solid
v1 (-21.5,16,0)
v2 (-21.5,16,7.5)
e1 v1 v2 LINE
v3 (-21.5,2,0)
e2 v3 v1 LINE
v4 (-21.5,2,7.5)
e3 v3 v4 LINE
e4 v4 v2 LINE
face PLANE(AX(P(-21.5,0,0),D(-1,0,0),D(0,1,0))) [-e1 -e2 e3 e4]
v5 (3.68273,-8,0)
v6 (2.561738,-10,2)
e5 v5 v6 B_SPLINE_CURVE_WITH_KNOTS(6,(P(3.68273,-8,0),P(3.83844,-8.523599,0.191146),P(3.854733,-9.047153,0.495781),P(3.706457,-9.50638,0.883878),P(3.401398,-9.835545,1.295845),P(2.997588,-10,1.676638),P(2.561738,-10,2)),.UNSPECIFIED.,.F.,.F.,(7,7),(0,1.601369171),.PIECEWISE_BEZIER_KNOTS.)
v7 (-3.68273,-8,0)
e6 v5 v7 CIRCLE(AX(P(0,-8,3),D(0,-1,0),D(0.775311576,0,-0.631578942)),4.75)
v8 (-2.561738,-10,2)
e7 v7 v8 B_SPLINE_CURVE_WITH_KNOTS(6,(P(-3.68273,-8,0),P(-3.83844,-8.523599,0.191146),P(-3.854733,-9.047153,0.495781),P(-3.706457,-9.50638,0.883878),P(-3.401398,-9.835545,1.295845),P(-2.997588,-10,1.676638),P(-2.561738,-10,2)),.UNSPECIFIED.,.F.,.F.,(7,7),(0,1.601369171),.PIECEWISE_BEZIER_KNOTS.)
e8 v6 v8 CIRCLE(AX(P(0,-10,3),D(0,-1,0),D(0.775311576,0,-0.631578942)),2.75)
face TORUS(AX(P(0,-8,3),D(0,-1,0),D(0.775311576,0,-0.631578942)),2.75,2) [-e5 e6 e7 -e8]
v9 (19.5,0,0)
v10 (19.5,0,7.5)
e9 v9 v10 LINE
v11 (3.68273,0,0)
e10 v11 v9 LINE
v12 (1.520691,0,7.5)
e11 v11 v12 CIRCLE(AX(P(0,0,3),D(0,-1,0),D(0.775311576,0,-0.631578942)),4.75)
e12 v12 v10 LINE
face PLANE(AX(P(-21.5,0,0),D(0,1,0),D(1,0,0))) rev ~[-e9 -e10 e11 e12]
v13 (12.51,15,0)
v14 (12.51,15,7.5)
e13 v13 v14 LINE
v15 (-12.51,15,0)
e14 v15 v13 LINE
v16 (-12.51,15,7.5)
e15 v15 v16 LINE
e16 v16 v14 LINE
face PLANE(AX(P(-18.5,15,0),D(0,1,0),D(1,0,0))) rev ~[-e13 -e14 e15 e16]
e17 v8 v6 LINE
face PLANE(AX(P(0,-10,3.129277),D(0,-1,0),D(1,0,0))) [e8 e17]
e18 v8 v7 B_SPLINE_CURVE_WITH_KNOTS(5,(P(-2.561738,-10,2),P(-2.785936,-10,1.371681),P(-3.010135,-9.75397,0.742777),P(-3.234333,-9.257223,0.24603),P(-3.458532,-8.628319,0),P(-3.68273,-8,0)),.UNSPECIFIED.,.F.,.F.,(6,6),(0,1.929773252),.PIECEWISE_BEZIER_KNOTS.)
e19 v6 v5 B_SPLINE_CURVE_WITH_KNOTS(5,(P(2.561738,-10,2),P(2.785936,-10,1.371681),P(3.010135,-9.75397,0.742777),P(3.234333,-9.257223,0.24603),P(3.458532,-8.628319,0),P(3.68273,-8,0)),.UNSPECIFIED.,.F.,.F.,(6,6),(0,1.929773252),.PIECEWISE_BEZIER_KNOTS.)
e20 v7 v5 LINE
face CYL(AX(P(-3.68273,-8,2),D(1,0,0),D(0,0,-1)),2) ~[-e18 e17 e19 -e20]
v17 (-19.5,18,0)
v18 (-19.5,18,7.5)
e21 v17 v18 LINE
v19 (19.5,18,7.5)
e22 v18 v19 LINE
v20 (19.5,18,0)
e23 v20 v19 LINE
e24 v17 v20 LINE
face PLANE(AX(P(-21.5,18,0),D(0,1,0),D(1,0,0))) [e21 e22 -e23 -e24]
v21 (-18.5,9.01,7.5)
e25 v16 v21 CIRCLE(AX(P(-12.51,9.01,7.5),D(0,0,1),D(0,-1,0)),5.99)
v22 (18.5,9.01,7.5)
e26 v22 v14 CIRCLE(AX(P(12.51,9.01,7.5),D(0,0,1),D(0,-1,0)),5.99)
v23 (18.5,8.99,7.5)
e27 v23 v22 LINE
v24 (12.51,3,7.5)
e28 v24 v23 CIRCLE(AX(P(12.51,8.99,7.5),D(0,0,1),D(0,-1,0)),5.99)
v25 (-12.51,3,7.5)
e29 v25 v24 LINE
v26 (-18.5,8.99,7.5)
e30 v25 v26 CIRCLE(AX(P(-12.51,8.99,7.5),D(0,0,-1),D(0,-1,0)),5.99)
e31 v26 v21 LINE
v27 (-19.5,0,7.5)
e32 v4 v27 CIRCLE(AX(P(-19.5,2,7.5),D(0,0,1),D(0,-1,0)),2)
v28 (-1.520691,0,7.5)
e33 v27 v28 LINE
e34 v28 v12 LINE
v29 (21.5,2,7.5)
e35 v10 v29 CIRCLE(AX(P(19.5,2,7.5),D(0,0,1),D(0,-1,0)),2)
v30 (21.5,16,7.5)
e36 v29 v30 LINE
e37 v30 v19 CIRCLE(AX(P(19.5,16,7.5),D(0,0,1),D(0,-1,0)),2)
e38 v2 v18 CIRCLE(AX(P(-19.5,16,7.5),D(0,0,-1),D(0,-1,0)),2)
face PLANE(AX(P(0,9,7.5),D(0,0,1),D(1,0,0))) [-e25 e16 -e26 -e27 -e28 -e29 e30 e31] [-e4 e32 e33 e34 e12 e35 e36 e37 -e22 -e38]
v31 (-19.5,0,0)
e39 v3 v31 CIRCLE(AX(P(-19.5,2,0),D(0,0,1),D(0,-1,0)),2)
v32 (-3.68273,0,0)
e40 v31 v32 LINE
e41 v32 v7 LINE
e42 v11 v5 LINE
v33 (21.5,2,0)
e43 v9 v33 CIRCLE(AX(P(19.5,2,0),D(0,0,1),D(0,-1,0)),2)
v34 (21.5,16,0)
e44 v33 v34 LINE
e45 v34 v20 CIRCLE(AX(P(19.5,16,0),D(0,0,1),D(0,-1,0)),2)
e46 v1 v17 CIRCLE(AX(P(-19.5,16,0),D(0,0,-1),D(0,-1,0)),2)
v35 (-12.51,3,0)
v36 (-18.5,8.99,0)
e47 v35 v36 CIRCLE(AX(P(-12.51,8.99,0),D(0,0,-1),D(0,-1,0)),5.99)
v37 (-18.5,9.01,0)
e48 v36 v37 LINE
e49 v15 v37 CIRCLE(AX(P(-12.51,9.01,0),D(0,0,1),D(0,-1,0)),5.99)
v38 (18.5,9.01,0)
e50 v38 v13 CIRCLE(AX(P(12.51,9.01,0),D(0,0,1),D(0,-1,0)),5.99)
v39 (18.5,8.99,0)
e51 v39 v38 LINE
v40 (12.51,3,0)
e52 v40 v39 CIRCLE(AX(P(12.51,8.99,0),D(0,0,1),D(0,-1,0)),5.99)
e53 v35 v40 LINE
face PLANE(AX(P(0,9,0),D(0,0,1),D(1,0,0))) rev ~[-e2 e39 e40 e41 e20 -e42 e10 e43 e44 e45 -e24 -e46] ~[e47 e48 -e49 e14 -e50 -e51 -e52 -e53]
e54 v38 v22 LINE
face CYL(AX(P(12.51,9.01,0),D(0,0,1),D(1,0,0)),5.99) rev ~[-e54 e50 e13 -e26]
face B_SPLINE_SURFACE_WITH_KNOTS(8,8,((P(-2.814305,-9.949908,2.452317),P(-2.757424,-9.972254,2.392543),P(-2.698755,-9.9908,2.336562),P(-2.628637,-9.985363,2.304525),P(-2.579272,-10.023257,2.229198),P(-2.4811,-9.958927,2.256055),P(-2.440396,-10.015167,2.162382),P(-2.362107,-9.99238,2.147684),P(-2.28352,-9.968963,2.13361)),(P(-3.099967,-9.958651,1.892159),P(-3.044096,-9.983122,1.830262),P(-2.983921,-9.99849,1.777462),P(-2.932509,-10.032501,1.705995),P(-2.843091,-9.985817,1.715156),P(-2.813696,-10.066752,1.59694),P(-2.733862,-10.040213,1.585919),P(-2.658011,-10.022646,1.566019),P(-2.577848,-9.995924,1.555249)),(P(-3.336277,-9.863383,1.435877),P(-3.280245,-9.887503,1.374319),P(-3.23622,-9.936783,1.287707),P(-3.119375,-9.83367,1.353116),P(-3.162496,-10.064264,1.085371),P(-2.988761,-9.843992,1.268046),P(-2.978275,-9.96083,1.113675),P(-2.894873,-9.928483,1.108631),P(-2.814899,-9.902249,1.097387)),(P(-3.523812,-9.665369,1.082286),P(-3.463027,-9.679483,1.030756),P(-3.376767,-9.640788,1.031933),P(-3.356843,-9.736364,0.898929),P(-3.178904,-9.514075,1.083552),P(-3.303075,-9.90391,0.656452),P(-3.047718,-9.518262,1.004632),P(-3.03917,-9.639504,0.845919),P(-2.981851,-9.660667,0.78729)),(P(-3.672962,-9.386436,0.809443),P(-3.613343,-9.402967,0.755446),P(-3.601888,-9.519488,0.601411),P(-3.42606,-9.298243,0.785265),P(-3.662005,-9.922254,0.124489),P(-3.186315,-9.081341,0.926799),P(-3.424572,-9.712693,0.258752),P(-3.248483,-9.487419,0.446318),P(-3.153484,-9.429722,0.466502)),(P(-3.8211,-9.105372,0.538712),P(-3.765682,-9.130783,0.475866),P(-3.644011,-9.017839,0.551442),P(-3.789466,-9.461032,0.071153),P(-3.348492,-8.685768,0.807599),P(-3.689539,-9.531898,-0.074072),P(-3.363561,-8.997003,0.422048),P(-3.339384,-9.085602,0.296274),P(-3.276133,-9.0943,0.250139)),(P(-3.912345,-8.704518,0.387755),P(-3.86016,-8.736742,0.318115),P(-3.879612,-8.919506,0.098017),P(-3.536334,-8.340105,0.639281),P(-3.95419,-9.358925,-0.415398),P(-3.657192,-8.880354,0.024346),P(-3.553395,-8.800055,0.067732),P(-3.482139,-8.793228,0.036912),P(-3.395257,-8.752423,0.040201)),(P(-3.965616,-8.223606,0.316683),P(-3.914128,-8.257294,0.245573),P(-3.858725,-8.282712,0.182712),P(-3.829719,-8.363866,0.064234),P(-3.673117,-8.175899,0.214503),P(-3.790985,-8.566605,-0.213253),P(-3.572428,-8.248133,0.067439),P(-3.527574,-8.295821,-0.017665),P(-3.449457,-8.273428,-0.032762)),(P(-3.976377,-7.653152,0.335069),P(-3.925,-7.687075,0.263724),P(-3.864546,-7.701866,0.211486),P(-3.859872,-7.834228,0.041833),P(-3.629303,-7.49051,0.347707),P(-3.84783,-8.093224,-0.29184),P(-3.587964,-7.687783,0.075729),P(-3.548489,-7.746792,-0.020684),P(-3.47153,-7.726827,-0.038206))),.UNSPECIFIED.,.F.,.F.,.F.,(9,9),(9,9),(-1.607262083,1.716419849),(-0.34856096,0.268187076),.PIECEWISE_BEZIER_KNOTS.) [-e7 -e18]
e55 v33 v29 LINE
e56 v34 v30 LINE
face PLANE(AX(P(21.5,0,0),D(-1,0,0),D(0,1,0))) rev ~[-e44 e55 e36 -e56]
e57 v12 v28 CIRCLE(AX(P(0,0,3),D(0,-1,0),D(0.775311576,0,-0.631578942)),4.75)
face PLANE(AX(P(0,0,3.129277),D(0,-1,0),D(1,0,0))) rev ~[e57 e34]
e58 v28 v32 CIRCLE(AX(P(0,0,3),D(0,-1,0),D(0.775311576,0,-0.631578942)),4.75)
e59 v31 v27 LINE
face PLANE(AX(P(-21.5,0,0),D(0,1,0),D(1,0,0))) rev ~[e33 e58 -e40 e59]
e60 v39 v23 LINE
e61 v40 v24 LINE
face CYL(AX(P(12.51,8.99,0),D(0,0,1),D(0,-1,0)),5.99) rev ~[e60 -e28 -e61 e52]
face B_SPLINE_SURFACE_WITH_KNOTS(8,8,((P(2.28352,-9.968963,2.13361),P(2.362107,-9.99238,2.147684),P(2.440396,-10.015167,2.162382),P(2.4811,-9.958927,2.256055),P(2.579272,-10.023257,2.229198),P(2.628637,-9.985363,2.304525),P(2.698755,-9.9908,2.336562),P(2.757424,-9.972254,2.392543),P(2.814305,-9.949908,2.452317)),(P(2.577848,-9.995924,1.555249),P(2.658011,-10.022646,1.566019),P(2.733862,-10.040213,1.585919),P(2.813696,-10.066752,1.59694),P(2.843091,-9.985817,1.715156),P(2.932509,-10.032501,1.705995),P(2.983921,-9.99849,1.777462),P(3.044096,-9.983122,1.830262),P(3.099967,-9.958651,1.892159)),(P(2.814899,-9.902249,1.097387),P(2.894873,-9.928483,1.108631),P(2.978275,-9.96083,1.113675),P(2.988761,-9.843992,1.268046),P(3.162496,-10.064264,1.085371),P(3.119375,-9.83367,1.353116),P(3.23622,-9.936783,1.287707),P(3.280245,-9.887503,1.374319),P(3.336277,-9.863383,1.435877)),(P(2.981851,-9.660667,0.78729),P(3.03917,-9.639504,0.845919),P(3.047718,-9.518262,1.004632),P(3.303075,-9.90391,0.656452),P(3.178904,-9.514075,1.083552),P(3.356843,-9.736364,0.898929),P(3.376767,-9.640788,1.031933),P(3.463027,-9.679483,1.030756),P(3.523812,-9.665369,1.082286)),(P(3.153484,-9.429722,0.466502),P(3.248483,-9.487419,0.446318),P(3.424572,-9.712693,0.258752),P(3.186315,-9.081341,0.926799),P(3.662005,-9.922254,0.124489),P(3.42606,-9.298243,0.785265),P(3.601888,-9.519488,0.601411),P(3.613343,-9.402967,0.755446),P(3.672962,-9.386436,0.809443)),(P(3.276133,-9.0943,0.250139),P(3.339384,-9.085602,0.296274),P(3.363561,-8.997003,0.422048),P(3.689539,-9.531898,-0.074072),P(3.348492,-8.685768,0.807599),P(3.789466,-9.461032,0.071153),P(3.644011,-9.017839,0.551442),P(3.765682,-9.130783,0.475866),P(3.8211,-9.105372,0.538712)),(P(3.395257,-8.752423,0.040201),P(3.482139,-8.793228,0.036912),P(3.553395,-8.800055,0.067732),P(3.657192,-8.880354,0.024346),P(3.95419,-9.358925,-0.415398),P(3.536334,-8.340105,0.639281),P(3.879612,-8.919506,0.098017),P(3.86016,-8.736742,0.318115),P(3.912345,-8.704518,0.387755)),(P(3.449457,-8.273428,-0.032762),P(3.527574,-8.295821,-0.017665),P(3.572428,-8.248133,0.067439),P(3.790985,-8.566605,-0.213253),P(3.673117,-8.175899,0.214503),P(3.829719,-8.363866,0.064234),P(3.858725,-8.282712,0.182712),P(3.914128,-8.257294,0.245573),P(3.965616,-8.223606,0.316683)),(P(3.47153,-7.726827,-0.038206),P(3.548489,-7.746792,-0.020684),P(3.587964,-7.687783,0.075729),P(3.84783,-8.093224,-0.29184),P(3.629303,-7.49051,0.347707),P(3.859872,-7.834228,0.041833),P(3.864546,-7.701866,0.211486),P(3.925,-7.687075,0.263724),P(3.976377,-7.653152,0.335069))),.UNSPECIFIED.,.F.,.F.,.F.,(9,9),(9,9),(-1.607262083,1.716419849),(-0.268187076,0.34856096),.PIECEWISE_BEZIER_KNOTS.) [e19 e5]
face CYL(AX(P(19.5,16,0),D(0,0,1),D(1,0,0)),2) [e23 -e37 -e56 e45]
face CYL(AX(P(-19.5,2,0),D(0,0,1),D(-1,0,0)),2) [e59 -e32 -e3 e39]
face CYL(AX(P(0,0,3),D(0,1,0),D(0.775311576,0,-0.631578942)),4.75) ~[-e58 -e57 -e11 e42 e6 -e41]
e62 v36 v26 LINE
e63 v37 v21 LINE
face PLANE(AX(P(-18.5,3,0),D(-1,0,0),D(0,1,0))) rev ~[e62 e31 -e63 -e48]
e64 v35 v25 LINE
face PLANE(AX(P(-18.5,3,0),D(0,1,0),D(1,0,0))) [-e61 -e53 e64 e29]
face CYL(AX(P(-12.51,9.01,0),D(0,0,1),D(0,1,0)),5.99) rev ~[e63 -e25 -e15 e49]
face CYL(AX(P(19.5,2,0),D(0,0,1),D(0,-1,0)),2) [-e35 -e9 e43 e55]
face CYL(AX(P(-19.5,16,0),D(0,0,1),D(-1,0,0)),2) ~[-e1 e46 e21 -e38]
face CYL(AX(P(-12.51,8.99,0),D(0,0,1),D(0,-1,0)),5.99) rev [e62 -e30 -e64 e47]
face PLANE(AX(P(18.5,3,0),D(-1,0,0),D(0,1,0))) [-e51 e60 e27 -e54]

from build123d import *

# Parameters (mm, degrees)
PAD_DEPTH     = 10
SKETCH001_W   = 43
SKETCH001_H   = 18
SKETCH001_W_2 = 37
SKETCH001_H_2 = 12
PAD001_DEPTH  = 7.5
FILLET_R      = 5.99
FILLET001_R   = 2
FILLET002_R   = 2


with BuildPart() as part:
    # Sketch → Pad (new body)
    with BuildSketch(Plane.XZ):
        with BuildLine():
            ThreePointArc((3.68273, 0), (0, 7.75), (-3.68273, 0))
            Line((-3.68273, 0), (3.68273, 0))
        make_face()
    extrude(amount=PAD_DEPTH)

    # Sketch001 → Pad001 (join)
    with BuildSketch(Plane.XY):
        with Locations((0, 9)):
            Rectangle(SKETCH001_W, SKETCH001_H)
        with Locations((0, 9)):
            Rectangle(SKETCH001_W_2, SKETCH001_H_2, mode=Mode.SUBTRACT)
    extrude(amount=PAD001_DEPTH)

    # Fillet
    fillet_edges = [part.edges().sort_by_distance(p)[0] for p in [
        (-18.5, 15, 3.75),
        (-18.5, 3, 3.75),
        (18.5, 3, 3.75),
        (18.5, 15, 3.75),
    ]]
    fillet(fillet_edges, radius=FILLET_R)

    # Fillet001
    fillet001_edges = [part.edges().sort_by_distance(p)[0] for p in [
        (-21.5, 0, 3.75),
        (-21.5, 18, 3.75),
        (21.5, 18, 3.75),
        (21.5, 0, 3.75),
    ]]
    fillet(fillet001_edges, radius=FILLET001_R)

    # Fillet002
    fillet002_edges = [part.edges().sort_by_distance(p)[0] for p in [
        (0, -10, 7.75),
        (0, -10, 0),
    ]]
    fillet(fillet002_edges, radius=FILLET002_R)


solid = part.part
